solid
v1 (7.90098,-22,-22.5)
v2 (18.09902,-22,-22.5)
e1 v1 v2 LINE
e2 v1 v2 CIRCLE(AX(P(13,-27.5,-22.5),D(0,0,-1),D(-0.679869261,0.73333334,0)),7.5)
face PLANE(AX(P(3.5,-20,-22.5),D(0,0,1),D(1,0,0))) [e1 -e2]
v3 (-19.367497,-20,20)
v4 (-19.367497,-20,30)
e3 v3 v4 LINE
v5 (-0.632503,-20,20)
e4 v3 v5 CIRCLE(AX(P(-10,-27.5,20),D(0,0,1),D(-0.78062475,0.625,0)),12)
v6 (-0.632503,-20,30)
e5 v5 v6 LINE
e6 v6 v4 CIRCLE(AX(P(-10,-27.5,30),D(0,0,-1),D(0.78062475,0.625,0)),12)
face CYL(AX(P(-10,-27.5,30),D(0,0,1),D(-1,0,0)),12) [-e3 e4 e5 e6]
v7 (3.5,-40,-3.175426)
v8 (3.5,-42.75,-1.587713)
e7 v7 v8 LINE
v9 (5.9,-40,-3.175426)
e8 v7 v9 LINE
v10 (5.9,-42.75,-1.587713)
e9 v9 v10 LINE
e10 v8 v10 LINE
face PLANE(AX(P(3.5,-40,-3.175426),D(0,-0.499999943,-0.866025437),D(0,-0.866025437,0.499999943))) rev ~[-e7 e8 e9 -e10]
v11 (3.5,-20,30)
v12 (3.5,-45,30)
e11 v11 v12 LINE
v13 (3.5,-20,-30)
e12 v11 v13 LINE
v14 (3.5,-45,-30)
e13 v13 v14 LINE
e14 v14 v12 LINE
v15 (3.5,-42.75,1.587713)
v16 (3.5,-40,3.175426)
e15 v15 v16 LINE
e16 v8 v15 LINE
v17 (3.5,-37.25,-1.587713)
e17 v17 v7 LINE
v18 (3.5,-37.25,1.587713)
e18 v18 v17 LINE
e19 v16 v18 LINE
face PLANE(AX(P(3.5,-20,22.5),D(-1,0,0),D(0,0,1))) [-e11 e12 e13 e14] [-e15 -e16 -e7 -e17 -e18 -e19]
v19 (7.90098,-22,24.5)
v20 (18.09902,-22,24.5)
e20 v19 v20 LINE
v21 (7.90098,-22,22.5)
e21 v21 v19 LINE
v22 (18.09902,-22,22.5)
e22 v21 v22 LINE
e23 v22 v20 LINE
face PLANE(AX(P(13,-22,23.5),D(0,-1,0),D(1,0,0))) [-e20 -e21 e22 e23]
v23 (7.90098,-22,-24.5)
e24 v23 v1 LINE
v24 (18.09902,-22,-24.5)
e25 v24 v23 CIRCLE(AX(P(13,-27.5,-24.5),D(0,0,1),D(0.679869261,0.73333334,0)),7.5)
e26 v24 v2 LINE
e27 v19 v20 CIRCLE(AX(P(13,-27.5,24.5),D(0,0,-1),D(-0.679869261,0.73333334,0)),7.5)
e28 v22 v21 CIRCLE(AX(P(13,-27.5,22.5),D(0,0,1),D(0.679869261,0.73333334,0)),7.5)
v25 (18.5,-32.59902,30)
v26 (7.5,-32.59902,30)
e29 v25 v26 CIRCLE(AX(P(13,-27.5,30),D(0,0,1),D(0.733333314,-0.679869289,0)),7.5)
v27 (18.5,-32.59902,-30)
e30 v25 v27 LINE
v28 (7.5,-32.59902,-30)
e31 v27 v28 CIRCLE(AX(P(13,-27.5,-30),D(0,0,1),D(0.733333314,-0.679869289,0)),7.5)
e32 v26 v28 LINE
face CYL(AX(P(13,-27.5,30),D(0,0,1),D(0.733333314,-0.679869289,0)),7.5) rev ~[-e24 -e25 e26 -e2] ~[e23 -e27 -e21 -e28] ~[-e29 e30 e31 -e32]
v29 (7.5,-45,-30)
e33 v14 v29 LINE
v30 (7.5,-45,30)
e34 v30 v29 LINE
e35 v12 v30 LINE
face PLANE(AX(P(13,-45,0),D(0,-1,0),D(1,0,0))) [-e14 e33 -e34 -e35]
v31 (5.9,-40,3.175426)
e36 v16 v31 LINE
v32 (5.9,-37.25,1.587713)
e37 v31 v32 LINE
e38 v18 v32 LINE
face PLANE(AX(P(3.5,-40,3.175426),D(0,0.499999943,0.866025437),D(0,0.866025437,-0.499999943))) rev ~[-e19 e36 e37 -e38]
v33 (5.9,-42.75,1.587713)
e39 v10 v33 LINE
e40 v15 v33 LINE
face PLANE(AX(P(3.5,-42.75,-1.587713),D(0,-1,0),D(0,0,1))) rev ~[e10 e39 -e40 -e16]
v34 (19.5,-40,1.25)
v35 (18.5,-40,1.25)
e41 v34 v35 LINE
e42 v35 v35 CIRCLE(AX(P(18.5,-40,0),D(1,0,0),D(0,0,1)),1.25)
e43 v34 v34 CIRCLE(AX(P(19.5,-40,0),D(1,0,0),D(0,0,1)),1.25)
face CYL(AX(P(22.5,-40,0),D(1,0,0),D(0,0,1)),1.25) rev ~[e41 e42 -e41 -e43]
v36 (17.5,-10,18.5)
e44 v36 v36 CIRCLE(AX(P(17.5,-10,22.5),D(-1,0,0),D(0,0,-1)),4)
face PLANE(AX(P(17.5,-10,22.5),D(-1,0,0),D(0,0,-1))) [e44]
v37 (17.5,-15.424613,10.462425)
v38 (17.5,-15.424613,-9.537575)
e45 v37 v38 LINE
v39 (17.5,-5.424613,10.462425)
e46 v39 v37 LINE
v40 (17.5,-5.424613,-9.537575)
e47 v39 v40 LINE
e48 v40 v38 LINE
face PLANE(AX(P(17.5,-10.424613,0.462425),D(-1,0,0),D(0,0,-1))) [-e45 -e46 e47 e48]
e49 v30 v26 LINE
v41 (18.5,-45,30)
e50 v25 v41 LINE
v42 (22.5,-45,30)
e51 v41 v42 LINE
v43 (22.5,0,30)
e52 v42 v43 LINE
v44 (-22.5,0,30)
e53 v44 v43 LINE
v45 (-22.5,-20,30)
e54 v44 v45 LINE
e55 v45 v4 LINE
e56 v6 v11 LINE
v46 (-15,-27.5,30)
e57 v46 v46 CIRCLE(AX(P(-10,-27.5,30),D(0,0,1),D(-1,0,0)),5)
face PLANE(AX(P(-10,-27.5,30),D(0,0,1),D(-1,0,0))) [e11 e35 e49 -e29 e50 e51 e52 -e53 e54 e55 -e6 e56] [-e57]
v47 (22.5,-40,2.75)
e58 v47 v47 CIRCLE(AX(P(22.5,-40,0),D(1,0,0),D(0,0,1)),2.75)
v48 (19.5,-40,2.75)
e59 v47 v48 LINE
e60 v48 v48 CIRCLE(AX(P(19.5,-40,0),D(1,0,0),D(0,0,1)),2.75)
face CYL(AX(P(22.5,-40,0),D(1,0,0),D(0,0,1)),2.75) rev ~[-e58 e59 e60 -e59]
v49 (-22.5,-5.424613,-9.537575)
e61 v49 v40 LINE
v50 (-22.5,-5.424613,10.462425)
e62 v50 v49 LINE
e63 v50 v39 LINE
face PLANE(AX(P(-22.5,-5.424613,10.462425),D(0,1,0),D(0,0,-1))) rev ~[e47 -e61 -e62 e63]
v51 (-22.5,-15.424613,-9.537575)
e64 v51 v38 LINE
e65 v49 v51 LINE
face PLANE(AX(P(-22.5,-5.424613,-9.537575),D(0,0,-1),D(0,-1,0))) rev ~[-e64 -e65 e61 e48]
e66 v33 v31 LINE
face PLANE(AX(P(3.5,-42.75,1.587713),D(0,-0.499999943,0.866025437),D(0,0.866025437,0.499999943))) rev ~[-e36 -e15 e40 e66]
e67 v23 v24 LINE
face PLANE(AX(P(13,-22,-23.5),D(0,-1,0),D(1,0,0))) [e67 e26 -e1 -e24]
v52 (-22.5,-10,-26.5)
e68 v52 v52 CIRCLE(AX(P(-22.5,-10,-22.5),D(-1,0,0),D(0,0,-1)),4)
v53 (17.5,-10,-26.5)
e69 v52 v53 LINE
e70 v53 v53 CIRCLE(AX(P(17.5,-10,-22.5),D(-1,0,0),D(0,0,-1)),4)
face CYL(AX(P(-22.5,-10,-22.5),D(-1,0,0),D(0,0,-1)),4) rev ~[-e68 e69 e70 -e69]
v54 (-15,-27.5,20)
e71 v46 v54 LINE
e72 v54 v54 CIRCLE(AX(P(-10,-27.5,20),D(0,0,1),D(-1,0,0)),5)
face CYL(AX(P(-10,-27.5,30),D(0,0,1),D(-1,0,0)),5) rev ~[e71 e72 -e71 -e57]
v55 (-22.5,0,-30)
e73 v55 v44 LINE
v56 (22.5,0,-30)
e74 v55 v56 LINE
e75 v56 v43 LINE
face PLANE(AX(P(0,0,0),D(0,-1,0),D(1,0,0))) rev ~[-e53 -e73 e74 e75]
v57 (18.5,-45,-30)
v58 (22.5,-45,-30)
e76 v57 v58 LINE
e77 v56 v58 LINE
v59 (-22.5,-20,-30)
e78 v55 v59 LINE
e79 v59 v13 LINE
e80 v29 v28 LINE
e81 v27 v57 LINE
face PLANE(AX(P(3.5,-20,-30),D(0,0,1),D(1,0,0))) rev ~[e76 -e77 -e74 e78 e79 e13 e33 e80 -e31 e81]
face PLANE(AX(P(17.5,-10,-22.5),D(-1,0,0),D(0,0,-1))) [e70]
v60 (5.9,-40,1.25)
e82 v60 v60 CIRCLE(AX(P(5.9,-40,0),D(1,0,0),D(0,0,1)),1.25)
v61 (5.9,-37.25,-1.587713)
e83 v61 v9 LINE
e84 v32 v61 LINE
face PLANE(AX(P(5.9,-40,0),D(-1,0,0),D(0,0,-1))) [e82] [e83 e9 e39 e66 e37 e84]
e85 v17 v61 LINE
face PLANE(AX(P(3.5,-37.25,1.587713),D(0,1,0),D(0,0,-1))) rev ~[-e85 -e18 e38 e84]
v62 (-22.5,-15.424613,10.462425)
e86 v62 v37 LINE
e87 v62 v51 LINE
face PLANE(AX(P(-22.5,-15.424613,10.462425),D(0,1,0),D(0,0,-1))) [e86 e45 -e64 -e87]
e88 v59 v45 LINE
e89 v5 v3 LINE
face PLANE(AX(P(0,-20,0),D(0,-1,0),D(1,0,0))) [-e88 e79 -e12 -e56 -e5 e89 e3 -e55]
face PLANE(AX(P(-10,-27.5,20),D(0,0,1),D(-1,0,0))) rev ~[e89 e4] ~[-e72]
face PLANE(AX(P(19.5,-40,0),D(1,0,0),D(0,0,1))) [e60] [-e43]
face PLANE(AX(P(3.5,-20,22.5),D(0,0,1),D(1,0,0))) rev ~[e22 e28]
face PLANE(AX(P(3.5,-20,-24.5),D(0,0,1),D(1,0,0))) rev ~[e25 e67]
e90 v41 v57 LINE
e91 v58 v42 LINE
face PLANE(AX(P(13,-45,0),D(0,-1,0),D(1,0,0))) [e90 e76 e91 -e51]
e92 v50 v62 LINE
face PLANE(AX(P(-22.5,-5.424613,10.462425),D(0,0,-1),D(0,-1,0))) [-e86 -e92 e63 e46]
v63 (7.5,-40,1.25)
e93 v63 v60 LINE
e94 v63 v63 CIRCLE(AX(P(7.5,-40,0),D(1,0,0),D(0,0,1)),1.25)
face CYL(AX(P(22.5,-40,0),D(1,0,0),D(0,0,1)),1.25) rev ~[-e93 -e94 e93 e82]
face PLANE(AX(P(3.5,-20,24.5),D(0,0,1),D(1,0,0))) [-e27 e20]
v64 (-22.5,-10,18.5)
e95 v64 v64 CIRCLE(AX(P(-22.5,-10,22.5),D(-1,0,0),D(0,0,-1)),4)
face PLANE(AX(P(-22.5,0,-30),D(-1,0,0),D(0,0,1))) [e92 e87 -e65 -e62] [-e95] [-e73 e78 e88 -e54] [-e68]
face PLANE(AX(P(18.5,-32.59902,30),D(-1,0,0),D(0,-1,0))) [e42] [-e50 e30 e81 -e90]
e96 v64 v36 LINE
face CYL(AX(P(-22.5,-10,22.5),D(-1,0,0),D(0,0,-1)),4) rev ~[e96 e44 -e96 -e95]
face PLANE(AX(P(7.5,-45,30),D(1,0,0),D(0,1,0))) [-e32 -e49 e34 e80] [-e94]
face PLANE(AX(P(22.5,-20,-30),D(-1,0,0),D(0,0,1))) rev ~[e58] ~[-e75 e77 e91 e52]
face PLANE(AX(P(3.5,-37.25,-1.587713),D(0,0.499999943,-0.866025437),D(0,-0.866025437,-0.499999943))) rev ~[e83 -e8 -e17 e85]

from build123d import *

# Parameters (mm, degrees)
SKETCH_W        = 45
SKETCH_H        = 60
PAD_DEPTH       = 20
SKETCH001_R     = 4
POCKET_DEPTH    = 40
SKETCH002_W     = 20
SKETCH002_H     = 10
POCKET001_DEPTH = 40
SKETCH003_W     = 19
SKETCH003_H     = 60
PAD001_DEPTH    = 25
POCKET002_DEPTH = 60
SKETCH005_W     = 19
SKETCH005_H     = 2
PAD002_DEPTH    = 2
SKETCH006_R     = 12
SKETCH006_R_2   = 5
PAD003_DEPTH    = 10
SKETCH007_R     = 1.25
POCKET003_DEPTH = 45.001
SKETCH008_R     = 2.75
POCKET004_DEPTH = 3
POCKET005_DEPTH = 2.4


with BuildPart() as part:
    # Sketch → Pad (new body)
    with BuildSketch(Plane.XZ):
        Rectangle(SKETCH_W, SKETCH_H)
    extrude(amount=PAD_DEPTH)

    # Sketch001 (on Face4 of Pad) → Pocket (cut)
    with BuildSketch(Plane(origin=(-22.5, 0, 0), x_dir=(0, 0, -1), z_dir=(-1, 0, 0))):
        with Locations((-22.5, 10)):
            Circle(SKETCH001_R)
        with Locations((22.5, 10)):
            Circle(SKETCH001_R)
    extrude(amount=-POCKET_DEPTH, mode=Mode.SUBTRACT)

    # Sketch002 (on Face2 of Pocket) → Pocket001 (cut)
    with BuildSketch(Plane(origin=(-22.5, 0, 0), x_dir=(0, 0, -1), z_dir=(-1, 0, 0))):
        with Locations((-0.462425, 10.424613)):
            Rectangle(SKETCH002_W, SKETCH002_H)
    extrude(amount=-POCKET001_DEPTH, mode=Mode.SUBTRACT)

    # Sketch003 (on Face5 of Pocket001) → Pad001 (join)
    with BuildSketch(Plane.XZ.offset(20)):
        with Locations((13, 0)):
            Rectangle(SKETCH003_W, SKETCH003_H)
    extrude(amount=PAD001_DEPTH)

    # Sketch004 (on Face6 of Pad001) → Pocket002 (cut)
    with BuildSketch(Plane(origin=(0, 0, 30), x_dir=(-1, 0, 0), z_dir=(0, 0, 1))):
        with BuildLine():
            Line((-18.5, 45), (-7.5, 45))
            Line((-7.5, 45), (-7.5, 32.59902))
            ThreePointArc((-18.5, 32.59902), (-13, 20), (-7.5, 32.59902))
            Line((-18.5, 32.59902), (-18.5, 45))
        make_face()
    extrude(amount=-POCKET002_DEPTH, mode=Mode.SUBTRACT)

    # Sketch005 (on Face4 of Pocket002) → Pad002 (join)
    with BuildSketch(Plane.XZ.offset(20)):
        with Locations((13, 23.5)):
            Rectangle(SKETCH005_W, SKETCH005_H)
        with Locations((13, -23.5)):
            Rectangle(SKETCH005_W, SKETCH005_H)
    extrude(amount=PAD002_DEPTH)

    # Sketch006 (on Face1 of Pad002) → Pad003 (join)
    with BuildSketch(Plane(origin=(0, 0, 30), x_dir=(-1, 0, 0), z_dir=(0, 0, 1))):
        with Locations((10, 27.5)):
            Circle(SKETCH006_R)
        with Locations((10, 27.5)):
            Circle(SKETCH006_R_2, mode=Mode.SUBTRACT)
    extrude(amount=-PAD003_DEPTH)

    # Sketch007 (on Face10 of Pad003) → Pocket003 (cut, through all)
    with BuildSketch(Plane(origin=(22.5, 0, 0), x_dir=(0, 0, 1), z_dir=(1, 0, 0))):
        with Locations((0, 40)):
            Circle(SKETCH007_R)
    extrude(amount=-POCKET003_DEPTH, mode=Mode.SUBTRACT)

    # Sketch008 (on Face10 of Pocket003) → Pocket004 (cut)
    with BuildSketch(Plane(origin=(22.5, 0, 0), x_dir=(0, 0, 1), z_dir=(1, 0, 0))):
        with Locations((0, 40)):
            Circle(SKETCH008_R)
    extrude(amount=-POCKET004_DEPTH, mode=Mode.SUBTRACT)

    # Sketch009 (on Face18 of Pocket004) → Pocket005 (cut)
    with BuildSketch(Plane(origin=(3.5, 0, 0), x_dir=(0, 0, -1), z_dir=(-1, 0, 0))):
        Polygon((1.587713, 37.25), (3.175426, 40), (1.587713, 42.75), (-1.587713, 42.75), (-3.175426, 40), (-1.587713, 37.25), align=None)
    extrude(amount=-POCKET005_DEPTH, mode=Mode.SUBTRACT)


solid = part.part
